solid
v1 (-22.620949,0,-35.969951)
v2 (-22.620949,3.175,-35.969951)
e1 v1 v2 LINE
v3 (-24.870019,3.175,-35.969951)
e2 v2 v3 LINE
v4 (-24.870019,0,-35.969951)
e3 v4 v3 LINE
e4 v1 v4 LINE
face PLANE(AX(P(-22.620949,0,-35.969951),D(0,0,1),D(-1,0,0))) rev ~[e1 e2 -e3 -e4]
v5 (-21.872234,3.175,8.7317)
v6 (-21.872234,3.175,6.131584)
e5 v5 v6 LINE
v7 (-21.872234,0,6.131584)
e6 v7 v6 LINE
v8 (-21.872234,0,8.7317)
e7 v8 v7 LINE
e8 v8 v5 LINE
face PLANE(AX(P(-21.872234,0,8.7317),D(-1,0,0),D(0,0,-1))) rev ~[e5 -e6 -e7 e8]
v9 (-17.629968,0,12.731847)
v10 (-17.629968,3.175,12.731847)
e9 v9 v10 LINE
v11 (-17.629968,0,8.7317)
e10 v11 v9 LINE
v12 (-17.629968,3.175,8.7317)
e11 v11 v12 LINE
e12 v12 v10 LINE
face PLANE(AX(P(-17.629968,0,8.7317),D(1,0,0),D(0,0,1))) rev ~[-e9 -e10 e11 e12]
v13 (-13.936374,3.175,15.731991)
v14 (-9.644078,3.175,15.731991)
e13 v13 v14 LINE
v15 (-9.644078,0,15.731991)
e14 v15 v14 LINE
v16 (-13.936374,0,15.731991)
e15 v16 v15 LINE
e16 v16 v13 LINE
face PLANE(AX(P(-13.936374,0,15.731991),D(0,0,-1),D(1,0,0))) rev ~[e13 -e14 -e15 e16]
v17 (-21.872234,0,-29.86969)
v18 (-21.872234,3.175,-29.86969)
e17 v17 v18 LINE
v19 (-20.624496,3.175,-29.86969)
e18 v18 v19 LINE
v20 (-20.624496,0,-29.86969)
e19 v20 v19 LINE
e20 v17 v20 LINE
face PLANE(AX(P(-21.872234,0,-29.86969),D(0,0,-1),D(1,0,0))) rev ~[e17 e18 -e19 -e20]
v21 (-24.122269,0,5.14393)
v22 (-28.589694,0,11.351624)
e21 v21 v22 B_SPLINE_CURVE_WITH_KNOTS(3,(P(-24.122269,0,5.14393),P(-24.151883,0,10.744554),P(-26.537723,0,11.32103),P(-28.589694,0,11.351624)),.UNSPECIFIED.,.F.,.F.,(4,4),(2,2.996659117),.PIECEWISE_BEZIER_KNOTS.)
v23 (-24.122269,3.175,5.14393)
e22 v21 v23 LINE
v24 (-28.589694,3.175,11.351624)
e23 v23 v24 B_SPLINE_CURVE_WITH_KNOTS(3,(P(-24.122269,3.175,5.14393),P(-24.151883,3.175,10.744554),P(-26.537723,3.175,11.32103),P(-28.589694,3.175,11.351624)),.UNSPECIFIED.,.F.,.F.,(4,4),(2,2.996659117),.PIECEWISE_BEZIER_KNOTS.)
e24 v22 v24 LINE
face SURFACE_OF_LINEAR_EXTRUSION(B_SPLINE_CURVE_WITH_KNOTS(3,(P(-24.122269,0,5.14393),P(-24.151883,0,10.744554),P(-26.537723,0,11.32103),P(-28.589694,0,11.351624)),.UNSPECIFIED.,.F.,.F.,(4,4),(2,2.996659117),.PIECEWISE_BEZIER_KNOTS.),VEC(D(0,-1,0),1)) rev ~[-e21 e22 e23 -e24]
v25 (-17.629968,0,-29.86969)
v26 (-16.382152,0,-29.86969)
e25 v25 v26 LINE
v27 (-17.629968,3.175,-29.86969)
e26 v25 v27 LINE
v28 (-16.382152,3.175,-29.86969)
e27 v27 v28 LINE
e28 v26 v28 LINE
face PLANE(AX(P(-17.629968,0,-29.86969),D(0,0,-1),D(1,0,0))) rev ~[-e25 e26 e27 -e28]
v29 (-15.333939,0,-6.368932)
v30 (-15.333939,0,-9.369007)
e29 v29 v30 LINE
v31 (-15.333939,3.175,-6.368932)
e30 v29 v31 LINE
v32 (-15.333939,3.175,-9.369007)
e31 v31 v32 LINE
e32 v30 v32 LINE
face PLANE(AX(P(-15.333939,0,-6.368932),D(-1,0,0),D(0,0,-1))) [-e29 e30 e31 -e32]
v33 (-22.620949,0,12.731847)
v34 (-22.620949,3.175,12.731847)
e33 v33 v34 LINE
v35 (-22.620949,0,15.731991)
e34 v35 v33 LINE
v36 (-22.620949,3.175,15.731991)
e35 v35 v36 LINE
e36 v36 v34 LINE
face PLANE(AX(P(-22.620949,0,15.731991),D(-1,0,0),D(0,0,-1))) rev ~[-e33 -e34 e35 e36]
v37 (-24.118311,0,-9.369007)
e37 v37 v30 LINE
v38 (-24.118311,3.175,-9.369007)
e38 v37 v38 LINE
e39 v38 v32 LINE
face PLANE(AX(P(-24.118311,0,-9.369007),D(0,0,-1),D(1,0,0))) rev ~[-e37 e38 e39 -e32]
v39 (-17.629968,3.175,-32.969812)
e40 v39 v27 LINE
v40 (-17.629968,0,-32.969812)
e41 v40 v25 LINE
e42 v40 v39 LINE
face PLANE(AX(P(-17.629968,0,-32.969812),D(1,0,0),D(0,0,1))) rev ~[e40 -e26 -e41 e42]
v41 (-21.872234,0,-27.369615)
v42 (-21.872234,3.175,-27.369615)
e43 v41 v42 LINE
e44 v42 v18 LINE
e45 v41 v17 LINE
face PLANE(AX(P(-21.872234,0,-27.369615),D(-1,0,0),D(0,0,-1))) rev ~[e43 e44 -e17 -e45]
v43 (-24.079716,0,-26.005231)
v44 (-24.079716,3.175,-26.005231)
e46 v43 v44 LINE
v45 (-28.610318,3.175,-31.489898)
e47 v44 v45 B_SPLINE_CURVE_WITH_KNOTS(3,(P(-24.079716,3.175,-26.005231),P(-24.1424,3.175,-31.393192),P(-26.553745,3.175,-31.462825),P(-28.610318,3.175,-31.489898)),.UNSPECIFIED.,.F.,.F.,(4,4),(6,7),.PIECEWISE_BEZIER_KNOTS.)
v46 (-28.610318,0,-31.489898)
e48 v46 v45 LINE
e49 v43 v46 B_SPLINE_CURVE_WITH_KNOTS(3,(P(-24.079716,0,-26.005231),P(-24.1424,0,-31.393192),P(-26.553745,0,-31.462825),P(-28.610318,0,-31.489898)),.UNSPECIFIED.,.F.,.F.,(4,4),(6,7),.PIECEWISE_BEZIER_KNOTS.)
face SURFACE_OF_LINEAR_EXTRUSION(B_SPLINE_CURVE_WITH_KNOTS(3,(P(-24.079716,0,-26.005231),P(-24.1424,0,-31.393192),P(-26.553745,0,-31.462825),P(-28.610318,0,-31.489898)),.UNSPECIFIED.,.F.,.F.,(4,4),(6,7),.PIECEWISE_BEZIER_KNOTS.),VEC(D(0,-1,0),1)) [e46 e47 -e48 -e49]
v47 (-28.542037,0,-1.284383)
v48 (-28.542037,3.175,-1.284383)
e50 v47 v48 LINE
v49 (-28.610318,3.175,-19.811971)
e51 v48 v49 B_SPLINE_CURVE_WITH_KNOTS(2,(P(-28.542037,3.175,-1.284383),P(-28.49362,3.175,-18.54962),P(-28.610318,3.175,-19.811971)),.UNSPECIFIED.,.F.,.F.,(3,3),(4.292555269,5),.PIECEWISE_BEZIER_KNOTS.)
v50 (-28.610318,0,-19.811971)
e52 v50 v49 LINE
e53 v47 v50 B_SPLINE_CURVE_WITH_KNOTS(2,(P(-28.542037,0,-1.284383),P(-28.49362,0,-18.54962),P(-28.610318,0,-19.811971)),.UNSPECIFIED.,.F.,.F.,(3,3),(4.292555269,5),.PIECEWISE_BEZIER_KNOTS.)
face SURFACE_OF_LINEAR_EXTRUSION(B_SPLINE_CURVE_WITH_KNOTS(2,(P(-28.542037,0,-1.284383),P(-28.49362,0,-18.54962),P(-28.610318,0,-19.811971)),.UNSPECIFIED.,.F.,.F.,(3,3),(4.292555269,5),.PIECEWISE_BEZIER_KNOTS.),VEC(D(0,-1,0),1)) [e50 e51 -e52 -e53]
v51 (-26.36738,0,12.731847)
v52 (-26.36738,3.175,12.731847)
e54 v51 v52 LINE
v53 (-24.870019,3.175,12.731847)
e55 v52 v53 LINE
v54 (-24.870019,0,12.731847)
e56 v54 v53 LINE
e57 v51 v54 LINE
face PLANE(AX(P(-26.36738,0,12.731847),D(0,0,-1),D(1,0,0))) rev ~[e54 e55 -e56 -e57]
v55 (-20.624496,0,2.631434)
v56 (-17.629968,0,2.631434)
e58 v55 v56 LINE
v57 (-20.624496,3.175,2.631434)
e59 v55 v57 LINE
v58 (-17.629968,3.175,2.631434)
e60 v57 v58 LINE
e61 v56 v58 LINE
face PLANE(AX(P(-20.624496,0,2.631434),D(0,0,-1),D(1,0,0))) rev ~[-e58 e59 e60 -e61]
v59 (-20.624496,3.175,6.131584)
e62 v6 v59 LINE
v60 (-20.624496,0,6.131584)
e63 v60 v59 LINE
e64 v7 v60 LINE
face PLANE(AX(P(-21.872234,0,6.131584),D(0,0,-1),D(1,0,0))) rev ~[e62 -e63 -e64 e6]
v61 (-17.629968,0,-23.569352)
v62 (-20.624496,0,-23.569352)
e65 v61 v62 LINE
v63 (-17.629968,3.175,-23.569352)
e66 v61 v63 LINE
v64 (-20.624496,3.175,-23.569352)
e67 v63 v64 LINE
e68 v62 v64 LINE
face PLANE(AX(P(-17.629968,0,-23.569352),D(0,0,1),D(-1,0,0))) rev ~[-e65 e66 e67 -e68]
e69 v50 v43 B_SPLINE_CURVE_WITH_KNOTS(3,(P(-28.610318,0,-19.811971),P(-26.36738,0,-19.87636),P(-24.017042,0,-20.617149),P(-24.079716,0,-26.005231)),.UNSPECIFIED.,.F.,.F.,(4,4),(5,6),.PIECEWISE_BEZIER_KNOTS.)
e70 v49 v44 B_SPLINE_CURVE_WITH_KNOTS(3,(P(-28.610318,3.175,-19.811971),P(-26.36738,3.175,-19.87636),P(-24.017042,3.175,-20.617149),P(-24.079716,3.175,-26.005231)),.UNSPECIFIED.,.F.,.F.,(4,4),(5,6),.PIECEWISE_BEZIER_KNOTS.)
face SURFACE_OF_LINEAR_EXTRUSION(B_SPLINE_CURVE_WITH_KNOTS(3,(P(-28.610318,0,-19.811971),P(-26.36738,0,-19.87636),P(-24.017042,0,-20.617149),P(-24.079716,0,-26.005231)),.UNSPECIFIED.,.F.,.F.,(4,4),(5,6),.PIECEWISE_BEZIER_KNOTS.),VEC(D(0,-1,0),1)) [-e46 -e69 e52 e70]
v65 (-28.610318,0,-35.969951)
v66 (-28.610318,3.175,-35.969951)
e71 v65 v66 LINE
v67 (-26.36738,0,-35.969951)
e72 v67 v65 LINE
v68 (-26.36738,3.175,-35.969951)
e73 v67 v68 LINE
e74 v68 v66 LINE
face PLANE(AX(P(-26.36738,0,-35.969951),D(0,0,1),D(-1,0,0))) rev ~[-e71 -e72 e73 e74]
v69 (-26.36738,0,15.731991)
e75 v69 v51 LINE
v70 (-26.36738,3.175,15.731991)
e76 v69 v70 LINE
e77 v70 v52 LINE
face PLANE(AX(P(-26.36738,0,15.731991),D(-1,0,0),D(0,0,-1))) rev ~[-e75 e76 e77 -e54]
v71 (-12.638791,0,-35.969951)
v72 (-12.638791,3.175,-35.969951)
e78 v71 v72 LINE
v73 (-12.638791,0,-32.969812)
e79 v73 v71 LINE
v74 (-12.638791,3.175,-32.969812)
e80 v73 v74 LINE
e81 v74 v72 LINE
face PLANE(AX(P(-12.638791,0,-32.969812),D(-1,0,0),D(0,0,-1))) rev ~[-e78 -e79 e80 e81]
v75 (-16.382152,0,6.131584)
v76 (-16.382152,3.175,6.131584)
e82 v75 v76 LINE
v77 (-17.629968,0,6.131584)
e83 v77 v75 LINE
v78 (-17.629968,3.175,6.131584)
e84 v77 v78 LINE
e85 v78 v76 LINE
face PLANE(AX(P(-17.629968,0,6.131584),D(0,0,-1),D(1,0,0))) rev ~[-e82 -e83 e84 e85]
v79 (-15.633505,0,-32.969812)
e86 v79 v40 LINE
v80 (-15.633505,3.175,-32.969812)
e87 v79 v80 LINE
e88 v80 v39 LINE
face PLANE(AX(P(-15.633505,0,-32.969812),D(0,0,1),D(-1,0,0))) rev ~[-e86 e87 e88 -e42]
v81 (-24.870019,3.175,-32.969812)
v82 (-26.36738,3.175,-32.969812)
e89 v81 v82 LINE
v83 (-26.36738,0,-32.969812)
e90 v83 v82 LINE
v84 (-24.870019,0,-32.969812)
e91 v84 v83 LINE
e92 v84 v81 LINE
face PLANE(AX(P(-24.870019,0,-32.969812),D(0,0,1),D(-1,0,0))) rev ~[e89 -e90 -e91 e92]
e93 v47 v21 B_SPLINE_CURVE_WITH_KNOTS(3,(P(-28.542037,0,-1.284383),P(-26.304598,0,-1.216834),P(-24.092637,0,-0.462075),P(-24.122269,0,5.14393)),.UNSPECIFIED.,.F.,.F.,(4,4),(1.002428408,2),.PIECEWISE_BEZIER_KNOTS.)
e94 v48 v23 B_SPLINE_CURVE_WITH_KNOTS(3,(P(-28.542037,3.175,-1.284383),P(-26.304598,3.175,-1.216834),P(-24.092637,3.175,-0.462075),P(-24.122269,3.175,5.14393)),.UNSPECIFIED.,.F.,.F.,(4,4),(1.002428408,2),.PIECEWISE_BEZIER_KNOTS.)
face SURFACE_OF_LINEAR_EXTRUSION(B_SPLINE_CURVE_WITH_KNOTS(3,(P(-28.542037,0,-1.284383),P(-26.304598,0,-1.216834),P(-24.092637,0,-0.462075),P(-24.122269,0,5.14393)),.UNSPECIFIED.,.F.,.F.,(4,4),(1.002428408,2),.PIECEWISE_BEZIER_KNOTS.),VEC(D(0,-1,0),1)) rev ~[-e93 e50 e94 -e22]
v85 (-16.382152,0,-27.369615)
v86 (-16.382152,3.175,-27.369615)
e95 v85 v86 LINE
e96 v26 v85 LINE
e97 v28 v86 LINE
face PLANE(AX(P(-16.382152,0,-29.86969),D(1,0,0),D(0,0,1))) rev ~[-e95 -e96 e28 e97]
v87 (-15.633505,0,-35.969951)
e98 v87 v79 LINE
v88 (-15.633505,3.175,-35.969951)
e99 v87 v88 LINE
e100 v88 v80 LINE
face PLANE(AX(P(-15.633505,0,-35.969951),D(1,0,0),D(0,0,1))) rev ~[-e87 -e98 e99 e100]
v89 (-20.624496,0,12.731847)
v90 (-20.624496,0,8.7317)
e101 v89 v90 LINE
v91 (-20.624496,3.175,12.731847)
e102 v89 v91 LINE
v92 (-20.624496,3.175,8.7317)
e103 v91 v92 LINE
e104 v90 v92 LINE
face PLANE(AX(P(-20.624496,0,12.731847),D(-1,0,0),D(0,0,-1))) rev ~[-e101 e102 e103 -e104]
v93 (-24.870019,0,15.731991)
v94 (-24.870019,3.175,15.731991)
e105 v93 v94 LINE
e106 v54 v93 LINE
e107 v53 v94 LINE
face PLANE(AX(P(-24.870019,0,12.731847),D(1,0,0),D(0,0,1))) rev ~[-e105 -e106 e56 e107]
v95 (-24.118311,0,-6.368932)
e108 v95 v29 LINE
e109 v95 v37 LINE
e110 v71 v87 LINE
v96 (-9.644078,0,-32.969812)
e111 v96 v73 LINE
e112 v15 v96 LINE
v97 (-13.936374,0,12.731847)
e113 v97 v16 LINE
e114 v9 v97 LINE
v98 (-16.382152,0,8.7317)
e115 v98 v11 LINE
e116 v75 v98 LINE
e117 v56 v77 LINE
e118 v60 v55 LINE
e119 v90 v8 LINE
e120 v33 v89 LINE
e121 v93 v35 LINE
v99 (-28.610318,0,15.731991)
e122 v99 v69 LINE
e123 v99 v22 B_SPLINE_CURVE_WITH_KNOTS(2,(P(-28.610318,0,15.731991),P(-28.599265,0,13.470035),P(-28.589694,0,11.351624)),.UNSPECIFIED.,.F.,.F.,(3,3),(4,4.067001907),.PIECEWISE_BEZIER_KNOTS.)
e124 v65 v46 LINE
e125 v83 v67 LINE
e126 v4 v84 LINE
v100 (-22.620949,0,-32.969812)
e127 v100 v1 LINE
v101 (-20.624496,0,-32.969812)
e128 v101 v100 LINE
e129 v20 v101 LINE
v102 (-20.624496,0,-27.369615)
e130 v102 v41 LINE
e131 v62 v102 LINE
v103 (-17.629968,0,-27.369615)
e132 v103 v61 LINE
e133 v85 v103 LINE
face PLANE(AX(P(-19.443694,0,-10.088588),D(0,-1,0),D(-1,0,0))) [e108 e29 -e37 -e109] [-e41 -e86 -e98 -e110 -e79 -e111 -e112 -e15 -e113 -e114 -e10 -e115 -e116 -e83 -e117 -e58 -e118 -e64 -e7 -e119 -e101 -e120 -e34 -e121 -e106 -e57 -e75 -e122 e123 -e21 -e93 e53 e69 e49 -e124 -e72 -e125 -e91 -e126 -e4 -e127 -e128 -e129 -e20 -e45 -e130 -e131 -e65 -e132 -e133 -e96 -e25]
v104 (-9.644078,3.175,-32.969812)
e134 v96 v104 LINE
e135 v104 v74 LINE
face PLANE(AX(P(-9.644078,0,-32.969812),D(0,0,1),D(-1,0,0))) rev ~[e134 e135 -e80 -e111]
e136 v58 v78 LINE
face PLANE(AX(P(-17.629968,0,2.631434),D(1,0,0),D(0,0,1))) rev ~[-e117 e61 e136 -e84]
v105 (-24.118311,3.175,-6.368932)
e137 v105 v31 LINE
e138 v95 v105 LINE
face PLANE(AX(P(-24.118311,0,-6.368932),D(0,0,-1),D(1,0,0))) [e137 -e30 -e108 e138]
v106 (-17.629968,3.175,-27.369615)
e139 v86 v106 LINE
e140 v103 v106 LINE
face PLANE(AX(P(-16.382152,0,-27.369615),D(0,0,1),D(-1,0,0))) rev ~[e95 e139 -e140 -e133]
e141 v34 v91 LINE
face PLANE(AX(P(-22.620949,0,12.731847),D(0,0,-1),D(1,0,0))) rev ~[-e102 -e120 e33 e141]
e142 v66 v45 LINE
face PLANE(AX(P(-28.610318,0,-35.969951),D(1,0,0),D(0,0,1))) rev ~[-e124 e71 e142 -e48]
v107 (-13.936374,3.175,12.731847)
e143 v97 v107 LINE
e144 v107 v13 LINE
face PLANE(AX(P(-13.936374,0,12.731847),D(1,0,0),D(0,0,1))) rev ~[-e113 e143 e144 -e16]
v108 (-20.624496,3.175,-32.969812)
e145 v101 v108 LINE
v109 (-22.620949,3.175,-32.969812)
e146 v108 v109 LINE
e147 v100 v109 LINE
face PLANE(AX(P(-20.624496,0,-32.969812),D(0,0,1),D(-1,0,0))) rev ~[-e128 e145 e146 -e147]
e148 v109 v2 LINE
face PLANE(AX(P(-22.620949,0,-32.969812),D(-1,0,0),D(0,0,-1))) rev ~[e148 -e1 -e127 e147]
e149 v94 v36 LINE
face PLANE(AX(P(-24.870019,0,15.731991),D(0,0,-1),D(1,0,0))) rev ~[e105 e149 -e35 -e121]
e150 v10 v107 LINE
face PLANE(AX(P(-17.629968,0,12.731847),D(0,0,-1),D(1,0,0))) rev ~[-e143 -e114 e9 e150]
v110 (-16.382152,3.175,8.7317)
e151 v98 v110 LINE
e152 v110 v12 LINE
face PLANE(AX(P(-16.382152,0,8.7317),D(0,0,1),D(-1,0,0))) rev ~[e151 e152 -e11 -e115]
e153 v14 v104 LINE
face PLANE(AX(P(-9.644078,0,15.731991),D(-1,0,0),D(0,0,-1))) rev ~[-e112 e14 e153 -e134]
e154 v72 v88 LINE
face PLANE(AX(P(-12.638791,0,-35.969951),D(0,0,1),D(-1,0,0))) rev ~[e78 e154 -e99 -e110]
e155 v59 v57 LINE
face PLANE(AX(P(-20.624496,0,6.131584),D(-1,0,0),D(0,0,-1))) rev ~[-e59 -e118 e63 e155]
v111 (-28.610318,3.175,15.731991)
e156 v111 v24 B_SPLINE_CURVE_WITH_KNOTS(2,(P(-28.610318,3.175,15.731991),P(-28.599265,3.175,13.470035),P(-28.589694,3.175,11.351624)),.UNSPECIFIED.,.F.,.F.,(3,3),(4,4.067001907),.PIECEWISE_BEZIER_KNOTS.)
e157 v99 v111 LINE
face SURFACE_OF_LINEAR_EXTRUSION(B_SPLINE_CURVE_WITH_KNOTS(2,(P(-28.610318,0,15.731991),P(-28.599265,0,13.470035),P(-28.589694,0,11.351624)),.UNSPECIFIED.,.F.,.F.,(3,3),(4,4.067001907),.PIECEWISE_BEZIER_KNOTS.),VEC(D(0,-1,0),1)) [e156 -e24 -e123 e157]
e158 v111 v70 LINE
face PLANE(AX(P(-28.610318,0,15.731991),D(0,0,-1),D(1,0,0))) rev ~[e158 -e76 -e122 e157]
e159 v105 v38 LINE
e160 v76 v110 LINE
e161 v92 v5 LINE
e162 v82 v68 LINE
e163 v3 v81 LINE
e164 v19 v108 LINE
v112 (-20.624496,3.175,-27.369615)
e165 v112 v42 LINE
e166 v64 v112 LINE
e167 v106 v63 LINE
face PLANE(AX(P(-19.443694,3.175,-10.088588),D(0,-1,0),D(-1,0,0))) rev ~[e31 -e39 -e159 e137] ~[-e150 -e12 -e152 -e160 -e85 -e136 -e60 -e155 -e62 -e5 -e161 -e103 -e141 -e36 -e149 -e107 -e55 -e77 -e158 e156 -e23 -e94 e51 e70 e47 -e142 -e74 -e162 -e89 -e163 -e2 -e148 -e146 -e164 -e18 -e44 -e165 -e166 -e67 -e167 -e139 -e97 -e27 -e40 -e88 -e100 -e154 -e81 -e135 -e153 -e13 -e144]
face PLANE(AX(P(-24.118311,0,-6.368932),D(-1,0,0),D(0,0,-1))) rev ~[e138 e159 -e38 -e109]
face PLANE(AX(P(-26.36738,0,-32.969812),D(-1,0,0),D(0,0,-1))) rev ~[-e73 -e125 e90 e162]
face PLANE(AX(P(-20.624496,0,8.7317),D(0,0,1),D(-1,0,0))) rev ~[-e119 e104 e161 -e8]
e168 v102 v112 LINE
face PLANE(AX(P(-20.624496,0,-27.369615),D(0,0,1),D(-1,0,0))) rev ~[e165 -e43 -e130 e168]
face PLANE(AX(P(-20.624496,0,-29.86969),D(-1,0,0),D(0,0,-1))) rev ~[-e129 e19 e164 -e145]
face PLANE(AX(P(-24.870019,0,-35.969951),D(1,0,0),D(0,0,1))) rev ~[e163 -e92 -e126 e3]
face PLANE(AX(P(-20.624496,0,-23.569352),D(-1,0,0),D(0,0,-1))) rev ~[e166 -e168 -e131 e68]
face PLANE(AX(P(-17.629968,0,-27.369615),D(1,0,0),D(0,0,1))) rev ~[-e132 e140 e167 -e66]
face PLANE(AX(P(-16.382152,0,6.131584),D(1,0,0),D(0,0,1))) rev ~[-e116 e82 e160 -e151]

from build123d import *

# Parameters (mm, degrees)
SKETCH1_W           = 8.784371833
SKETCH1_H           = 3.000075643
BOSS_EXTRUDE1_DEPTH = 3.175


with BuildPart() as part:
    # Sketch1 → Boss-Extrude1 (new body)
    with BuildSketch(Plane(origin=(0, 0, 0), x_dir=(1, 0, 0), z_dir=(0, 1, 0))):
        with BuildLine():
            add(Edge.make_bspline(
                [(-28.61031783, -15.731991288), (-28.599265415, -13.470035002), (-28.589694066, -11.351623557)],
                knots=[4, 4, 4, 4.067001907, 4.067001907, 4.067001907], degree=2))
            Line((-28.61031783, -15.731991288), (-26.367380226, -15.731991288))
            Line((-26.367380226, -15.731991288), (-26.367380226, -12.731847281))
            Line((-26.367380226, -12.731847281), (-24.870018528, -12.731847281))
            Line((-24.870018528, -12.731847281), (-24.870018528, -15.731991288))
            Line((-24.870018528, -15.731991288), (-22.620949028, -15.731991288))
            Line((-22.620949028, -15.731991288), (-22.620949028, -12.731847281))
            Line((-22.620949028, -12.731847281), (-20.62449601, -12.731847281))
            Line((-20.62449601, -12.731847281), (-20.62449601, -8.731700034))
            Line((-20.62449601, -8.731700034), (-21.872234059, -8.731700034))
            Line((-21.872234059, -8.731700034), (-21.872234059, -8.631722416))
            Line((-21.872234059, -8.631722416), (-21.872234059, -6.131583692))
            Line((-21.872234059, -6.131583692), (-20.62449601, -6.131583692))
            Line((-20.62449601, -6.131583692), (-20.62449601, -2.631434402))
            Line((-20.62449601, -2.631434402), (-17.629967586, -2.631434402))
            Line((-17.629967586, -2.631434402), (-17.629967586, -6.131583692))
            Line((-17.629967586, -6.131583692), (-16.382151548, -6.131583692))
            Line((-16.382151548, -6.131583692), (-16.382151548, -8.631722416))
            Line((-16.382151548, -8.631722416), (-16.382151548, -8.731700034))
            Line((-16.382151548, -8.731700034), (-17.629967586, -8.731700034))
            Line((-17.629967586, -8.731700034), (-17.629967586, -12.731847281))
            Line((-17.629967586, -12.731847281), (-13.936374012, -12.731847281))
            Line((-13.936374012, -12.731847281), (-13.936374012, -15.731991288))
            Line((-13.936374012, -15.731991288), (-9.644077522, -15.731991288))
            Line((-9.644077522, -15.731991288), (-9.644077522, 32.969811886))
            Line((-9.644077522, 32.969811886), (-12.638791169, 32.969811886))
            Line((-12.638791169, 32.969811886), (-12.638791169, 35.969951009))
            Line((-12.638791169, 35.969951009), (-15.633504817, 35.969951009))
            Line((-15.633504817, 35.969951009), (-15.633504817, 32.969811886))
            Line((-15.633504817, 32.969811886), (-17.629967584, 32.969811886))
            Line((-17.629967584, 32.969811886), (-17.629967584, 29.869690261))
            Line((-17.629967584, 29.869690261), (-16.382151546, 29.869690261))
            Line((-16.382151546, 29.869690261), (-16.382151546, 27.369615017))
            Line((-16.382151546, 27.369615017), (-17.629967584, 27.369615017))
            Line((-17.629967584, 27.369615017), (-17.629967584, 23.569352199))
            Line((-17.629967584, 23.569352199), (-20.624496008, 23.569352199))
            Line((-20.624496008, 23.569352199), (-20.624496008, 27.369615017))
            Line((-20.624496008, 27.369615017), (-21.872234057, 27.369615017))
            Line((-21.872234057, 27.369615017), (-21.872234057, 29.869690261))
            Line((-21.872234057, 29.869690261), (-20.624496008, 29.869690261))
            Line((-20.624496008, 29.869690261), (-20.624496008, 32.969811886))
            Line((-20.624496008, 32.969811886), (-22.620949026, 32.969811886))
            Line((-22.620949026, 32.969811886), (-22.620949026, 35.969951009))
            Line((-22.620949026, 35.969951009), (-24.870018526, 35.969951009))
            Line((-24.870018526, 35.969951009), (-24.870018526, 32.969811886))
            Line((-24.870018526, 32.969811886), (-26.367380224, 32.969811886))
            Line((-26.367380224, 32.969811886), (-26.367380224, 35.969951009))
            Line((-26.367380224, 35.969951009), (-28.610317827, 35.969951009))
            Line((-28.610317827, 35.969951009), (-28.610317827, 31.489897526))
            add(Edge.make_bspline(
                [(-24.079715861, 26.005231108), (-24.142399609, 31.393191619), (-26.553744953, 31.462825341), (-28.610317827, 31.489897526)],
                knots=[6, 6, 6, 6, 7, 7, 7, 7], degree=3))
            add(Edge.make_bspline(
                [(-28.610317828, 19.811970764), (-26.367380222, 19.876359983), (-24.017041861, 20.617148519), (-24.079715861, 26.005231108)],
                knots=[5, 5, 5, 5, 6, 6, 6, 6], degree=3))
            add(Edge.make_bspline(
                [(-28.542036738, 1.284383122), (-28.493620066, 18.549619675), (-28.610317828, 19.811970764)],
                knots=[4.292555269, 4.292555269, 4.292555269, 5, 5, 5], degree=2))
            add(Edge.make_bspline(
                [(-28.542036738, 1.284383122), (-26.304598455, 1.216834034), (-24.092636702, 0.462074592), (-24.122268671, -5.143929938)],
                knots=[1.002428408, 1.002428408, 1.002428408, 1.002428408, 2, 2, 2, 2], degree=3))
            add(Edge.make_bspline(
                [(-24.122268671, -5.143929938), (-24.151883253, -10.744553605), (-26.537723417, -11.321030016), (-28.589694066, -11.351623557)],
                knots=[2, 2, 2, 2, 2.996659117, 2.996659117, 2.996659117, 2.996659117], degree=3))
        make_face()
        with Locations((-19.726124806, 7.868969519)):
            Rectangle(SKETCH1_W, SKETCH1_H, mode=Mode.SUBTRACT)
    extrude(amount=BOSS_EXTRUDE1_DEPTH)


solid = part.part
